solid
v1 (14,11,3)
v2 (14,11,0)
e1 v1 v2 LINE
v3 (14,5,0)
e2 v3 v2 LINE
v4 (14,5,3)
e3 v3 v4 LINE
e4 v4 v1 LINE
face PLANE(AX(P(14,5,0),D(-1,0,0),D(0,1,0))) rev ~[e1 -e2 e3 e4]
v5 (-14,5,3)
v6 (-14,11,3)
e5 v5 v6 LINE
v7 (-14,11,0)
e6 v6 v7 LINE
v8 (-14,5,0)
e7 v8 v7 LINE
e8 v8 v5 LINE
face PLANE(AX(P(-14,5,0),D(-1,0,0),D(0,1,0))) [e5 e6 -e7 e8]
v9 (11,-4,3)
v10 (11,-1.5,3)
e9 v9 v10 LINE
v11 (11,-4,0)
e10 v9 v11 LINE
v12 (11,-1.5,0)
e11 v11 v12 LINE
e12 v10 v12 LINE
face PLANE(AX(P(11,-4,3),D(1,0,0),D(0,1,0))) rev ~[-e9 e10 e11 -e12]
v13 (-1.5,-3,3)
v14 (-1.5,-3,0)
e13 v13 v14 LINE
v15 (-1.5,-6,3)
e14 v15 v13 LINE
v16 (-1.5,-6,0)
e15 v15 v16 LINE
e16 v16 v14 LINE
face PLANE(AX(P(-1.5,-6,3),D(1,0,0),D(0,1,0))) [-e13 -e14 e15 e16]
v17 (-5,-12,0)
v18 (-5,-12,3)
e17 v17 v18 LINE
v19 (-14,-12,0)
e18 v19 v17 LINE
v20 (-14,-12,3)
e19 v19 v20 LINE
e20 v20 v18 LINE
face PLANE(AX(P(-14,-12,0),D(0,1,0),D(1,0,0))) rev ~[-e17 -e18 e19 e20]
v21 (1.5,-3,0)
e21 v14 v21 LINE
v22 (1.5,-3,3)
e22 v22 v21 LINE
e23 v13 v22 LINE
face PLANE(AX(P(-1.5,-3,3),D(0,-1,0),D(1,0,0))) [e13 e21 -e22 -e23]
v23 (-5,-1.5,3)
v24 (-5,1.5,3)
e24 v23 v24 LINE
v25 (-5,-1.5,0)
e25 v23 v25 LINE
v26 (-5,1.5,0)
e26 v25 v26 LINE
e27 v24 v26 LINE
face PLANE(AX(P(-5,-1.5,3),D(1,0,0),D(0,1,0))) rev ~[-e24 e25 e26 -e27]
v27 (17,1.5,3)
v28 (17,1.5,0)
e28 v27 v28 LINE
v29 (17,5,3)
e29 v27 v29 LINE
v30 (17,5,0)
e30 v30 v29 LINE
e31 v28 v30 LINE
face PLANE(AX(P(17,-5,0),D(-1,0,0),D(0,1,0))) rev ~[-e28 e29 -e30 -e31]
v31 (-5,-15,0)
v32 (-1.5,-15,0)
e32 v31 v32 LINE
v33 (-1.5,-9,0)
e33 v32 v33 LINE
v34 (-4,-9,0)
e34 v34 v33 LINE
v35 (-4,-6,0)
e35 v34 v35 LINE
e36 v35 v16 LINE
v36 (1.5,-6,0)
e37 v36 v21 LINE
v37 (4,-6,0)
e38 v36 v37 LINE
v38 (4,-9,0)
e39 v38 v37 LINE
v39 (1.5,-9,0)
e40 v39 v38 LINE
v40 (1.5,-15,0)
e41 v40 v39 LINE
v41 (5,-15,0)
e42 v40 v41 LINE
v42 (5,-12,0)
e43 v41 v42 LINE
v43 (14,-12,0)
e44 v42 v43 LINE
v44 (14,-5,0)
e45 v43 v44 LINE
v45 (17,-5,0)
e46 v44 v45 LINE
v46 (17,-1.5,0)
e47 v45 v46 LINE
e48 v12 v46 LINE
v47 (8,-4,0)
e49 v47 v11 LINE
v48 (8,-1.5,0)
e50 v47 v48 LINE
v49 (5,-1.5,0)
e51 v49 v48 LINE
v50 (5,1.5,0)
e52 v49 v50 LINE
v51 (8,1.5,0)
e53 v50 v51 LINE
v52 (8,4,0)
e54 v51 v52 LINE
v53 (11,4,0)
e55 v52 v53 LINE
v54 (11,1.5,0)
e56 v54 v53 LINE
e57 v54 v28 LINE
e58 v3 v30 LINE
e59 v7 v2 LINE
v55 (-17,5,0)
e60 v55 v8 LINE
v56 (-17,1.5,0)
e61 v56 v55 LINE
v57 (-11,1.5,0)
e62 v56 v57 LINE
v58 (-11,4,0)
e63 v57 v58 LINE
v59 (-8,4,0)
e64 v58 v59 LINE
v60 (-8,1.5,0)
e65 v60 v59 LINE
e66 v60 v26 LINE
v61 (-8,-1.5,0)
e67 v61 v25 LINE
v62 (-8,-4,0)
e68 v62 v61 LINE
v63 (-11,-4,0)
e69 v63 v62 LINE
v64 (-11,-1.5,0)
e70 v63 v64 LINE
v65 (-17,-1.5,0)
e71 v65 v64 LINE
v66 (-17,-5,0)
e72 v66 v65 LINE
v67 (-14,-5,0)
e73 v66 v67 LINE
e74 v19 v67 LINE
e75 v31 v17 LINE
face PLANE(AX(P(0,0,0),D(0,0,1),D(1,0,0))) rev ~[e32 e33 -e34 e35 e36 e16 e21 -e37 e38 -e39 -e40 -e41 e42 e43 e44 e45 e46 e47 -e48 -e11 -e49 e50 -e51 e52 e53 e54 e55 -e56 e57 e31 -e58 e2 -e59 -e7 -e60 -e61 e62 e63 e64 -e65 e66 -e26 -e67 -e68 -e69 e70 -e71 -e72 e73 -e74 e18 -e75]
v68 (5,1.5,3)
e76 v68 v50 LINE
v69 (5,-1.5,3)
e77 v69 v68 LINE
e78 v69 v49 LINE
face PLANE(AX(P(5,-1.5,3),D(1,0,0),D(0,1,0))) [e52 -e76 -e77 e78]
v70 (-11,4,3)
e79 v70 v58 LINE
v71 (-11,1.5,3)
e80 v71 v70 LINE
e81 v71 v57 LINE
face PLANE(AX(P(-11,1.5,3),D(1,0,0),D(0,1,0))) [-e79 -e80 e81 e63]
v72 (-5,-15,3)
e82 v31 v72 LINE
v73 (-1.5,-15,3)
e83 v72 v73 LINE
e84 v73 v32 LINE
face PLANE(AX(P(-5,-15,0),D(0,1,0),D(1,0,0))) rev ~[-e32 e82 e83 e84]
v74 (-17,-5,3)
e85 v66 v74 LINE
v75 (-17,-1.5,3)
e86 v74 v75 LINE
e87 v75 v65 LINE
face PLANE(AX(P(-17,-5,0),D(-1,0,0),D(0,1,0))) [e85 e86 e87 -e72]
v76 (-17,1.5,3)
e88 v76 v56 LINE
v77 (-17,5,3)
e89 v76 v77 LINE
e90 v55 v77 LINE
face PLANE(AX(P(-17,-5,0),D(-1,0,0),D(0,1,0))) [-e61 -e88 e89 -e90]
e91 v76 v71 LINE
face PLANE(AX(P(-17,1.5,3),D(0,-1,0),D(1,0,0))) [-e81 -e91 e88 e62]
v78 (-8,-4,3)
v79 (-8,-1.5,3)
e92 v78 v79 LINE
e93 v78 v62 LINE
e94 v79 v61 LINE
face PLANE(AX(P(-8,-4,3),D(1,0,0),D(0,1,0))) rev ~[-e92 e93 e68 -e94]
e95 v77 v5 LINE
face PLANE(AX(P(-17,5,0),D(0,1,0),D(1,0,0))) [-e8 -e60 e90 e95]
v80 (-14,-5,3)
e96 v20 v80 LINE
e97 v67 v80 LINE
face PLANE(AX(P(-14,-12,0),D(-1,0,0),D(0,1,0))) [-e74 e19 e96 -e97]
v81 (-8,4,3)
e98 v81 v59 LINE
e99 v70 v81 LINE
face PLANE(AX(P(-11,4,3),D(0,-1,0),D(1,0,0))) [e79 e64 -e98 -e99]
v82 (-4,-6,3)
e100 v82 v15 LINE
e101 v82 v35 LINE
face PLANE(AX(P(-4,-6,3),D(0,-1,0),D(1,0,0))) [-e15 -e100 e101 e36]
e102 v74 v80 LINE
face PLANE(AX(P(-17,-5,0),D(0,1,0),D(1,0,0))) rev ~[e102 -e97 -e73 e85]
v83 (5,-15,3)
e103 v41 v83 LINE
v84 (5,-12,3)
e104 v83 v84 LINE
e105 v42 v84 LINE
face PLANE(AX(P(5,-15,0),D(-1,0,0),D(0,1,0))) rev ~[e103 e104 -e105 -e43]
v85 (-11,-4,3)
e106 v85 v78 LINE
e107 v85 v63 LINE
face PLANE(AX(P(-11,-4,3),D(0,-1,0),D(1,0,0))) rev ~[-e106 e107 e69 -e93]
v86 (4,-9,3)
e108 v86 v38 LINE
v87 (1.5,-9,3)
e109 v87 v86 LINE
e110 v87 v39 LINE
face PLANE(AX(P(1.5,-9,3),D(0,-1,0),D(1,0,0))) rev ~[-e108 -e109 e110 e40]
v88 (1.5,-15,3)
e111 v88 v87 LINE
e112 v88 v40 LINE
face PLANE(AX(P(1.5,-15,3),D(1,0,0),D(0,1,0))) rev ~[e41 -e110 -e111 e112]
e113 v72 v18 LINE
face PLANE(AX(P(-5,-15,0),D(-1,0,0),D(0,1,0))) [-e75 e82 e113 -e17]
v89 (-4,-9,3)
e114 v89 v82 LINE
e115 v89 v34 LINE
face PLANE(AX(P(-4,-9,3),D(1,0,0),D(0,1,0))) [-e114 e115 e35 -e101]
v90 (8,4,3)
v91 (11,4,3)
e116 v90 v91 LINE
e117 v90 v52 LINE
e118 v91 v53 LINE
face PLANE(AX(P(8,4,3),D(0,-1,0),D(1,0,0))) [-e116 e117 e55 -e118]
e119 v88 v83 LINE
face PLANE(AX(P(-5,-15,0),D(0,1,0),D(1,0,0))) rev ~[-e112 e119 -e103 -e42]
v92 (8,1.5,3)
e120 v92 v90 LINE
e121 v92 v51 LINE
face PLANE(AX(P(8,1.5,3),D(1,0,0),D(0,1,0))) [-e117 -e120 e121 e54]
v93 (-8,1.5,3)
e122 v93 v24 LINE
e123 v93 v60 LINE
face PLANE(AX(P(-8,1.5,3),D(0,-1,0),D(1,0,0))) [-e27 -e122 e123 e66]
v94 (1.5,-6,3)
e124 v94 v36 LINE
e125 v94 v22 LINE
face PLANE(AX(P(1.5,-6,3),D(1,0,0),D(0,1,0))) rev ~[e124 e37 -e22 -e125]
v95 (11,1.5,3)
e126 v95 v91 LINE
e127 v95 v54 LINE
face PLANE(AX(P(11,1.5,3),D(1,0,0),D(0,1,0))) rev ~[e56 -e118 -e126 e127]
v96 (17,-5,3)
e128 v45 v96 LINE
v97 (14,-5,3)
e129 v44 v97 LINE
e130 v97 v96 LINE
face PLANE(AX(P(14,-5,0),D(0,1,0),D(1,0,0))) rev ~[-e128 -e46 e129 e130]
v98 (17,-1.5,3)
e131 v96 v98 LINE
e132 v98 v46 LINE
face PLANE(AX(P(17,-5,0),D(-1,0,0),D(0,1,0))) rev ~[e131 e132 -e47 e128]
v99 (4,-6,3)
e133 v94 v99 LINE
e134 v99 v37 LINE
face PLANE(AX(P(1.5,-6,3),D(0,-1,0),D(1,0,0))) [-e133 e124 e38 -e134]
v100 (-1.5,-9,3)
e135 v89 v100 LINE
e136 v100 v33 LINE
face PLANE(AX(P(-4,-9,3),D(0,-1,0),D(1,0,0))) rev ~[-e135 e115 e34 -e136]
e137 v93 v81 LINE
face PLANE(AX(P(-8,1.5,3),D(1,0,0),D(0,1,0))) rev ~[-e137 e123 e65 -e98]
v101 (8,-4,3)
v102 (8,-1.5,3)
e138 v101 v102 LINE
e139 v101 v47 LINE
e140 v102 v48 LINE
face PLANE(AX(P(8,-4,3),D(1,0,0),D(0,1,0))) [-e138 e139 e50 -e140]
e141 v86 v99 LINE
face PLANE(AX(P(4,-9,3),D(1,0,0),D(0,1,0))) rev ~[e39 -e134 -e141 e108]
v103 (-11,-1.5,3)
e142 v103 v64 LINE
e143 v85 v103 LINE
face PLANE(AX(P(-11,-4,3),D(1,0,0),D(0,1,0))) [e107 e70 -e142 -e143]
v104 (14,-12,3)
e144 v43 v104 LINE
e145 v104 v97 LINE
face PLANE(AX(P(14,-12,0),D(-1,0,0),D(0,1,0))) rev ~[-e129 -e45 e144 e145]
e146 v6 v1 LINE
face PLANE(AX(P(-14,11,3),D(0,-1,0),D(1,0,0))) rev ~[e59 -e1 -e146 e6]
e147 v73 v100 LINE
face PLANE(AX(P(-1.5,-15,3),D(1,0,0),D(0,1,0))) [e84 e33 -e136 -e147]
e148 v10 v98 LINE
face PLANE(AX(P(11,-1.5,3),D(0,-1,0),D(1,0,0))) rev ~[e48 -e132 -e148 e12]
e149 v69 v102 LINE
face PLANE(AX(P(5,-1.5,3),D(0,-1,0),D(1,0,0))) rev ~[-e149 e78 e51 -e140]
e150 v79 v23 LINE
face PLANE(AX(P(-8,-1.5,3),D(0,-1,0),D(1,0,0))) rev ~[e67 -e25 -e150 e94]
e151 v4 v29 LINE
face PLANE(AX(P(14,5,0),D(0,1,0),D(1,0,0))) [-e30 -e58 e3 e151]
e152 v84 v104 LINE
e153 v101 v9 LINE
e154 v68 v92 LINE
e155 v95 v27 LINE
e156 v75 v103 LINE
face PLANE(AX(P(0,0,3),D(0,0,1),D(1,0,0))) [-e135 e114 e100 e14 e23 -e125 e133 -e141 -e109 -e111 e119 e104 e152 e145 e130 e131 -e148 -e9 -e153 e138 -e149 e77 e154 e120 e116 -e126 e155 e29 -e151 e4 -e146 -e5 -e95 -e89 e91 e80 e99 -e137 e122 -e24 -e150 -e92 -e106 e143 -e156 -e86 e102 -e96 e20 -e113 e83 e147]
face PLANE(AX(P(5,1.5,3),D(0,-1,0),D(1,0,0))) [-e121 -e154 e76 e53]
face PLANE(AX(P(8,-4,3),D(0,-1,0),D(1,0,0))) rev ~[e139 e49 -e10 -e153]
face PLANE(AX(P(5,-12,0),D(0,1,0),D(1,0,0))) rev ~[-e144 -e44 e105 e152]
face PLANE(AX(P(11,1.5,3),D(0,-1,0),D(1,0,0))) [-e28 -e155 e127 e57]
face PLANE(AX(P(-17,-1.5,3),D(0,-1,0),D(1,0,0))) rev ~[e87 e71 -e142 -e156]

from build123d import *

# Parameters (mm, degrees)
SKETCH_1_W          = 28
SKETCH_1_H          = 24
SKETCH_1_W_2        = 3
SKETCH_1_H_2        = 10
SKETCH_1_W_3        = 10
SKETCH_1_H_3        = 3
EXTRUDE_1_DEPTH     = 3
SKETCH_2_W          = 6
SKETCH_2_H          = 3
SKETCH_2_W_2        = 3
SKETCH_2_H_2        = 2.5
SKETCH_2_W_3        = 2.5
SKETCH_2_H_3        = 6
CUT_EXTRUDE_1_DEPTH = 3
SKETCH_3_W          = 28
SKETCH_3_H          = 1
CUT_EXTRUDE_2_DEPTH = 3


with BuildPart() as part:
    # 草图1 → 凸台-拉伸1 (new body)
    with BuildSketch(Plane.XY):
        Rectangle(SKETCH_1_W, SKETCH_1_H)
        with Locations((-15.5, 0)):
            Rectangle(SKETCH_1_W_2, SKETCH_1_H_2)
        with Locations((15.5, 0)):
            Rectangle(SKETCH_1_W_2, SKETCH_1_H_2)
        with Locations((0, -13.5)):
            Rectangle(SKETCH_1_W_3, SKETCH_1_H_3)
    extrude(amount=EXTRUDE_1_DEPTH)

    # 草图2 → 切除-拉伸1 (cut)
    with BuildSketch(Plane.XY.offset(3)):
        with Locations((-14, 0)):
            Rectangle(SKETCH_2_W, SKETCH_2_H)
        with Locations((-9.5, 2.75)):
            Rectangle(SKETCH_2_W_2, SKETCH_2_H_2)
        with Locations((-9.5, 0)):
            Rectangle(SKETCH_2_W_2, SKETCH_2_H)
        with Locations((-9.5, -2.75)):
            Rectangle(SKETCH_2_W_2, SKETCH_2_H_2)
        with Locations((-6.5, 0)):
            Rectangle(SKETCH_2_W_2, SKETCH_2_H)
        with Locations((6.5, 0)):
            Rectangle(SKETCH_2_W_2, SKETCH_2_H)
        with Locations((9.5, 2.75)):
            Rectangle(SKETCH_2_W_2, SKETCH_2_H_2)
        with Locations((9.5, 0)):
            Rectangle(SKETCH_2_W_2, SKETCH_2_H)
        with Locations((9.5, -2.75)):
            Rectangle(SKETCH_2_W_2, SKETCH_2_H_2)
        with Locations((14, 0)):
            Rectangle(SKETCH_2_W, SKETCH_2_H)
        with Locations((-2.75, -7.5)):
            Rectangle(SKETCH_2_W_3, SKETCH_2_H)
        with Locations((0, -4.5)):
            Rectangle(SKETCH_2_W_2, SKETCH_2_H)
        with Locations((0, -7.5)):
            Rectangle(SKETCH_2_W_2, SKETCH_2_H)
        with Locations((2.75, -7.5)):
            Rectangle(SKETCH_2_W_3, SKETCH_2_H)
        with Locations((0, -12)):
            Rectangle(SKETCH_2_W_2, SKETCH_2_H_3)
    extrude(amount=-CUT_EXTRUDE_1_DEPTH, mode=Mode.SUBTRACT)

    # 草图3 → 切除-拉伸2 (cut)
    with BuildSketch(Plane.XY.offset(3)):
        with Locations((0, 11.5)):
            Rectangle(SKETCH_3_W, SKETCH_3_H)
    extrude(amount=-CUT_EXTRUDE_2_DEPTH, mode=Mode.SUBTRACT)


solid = part.part
